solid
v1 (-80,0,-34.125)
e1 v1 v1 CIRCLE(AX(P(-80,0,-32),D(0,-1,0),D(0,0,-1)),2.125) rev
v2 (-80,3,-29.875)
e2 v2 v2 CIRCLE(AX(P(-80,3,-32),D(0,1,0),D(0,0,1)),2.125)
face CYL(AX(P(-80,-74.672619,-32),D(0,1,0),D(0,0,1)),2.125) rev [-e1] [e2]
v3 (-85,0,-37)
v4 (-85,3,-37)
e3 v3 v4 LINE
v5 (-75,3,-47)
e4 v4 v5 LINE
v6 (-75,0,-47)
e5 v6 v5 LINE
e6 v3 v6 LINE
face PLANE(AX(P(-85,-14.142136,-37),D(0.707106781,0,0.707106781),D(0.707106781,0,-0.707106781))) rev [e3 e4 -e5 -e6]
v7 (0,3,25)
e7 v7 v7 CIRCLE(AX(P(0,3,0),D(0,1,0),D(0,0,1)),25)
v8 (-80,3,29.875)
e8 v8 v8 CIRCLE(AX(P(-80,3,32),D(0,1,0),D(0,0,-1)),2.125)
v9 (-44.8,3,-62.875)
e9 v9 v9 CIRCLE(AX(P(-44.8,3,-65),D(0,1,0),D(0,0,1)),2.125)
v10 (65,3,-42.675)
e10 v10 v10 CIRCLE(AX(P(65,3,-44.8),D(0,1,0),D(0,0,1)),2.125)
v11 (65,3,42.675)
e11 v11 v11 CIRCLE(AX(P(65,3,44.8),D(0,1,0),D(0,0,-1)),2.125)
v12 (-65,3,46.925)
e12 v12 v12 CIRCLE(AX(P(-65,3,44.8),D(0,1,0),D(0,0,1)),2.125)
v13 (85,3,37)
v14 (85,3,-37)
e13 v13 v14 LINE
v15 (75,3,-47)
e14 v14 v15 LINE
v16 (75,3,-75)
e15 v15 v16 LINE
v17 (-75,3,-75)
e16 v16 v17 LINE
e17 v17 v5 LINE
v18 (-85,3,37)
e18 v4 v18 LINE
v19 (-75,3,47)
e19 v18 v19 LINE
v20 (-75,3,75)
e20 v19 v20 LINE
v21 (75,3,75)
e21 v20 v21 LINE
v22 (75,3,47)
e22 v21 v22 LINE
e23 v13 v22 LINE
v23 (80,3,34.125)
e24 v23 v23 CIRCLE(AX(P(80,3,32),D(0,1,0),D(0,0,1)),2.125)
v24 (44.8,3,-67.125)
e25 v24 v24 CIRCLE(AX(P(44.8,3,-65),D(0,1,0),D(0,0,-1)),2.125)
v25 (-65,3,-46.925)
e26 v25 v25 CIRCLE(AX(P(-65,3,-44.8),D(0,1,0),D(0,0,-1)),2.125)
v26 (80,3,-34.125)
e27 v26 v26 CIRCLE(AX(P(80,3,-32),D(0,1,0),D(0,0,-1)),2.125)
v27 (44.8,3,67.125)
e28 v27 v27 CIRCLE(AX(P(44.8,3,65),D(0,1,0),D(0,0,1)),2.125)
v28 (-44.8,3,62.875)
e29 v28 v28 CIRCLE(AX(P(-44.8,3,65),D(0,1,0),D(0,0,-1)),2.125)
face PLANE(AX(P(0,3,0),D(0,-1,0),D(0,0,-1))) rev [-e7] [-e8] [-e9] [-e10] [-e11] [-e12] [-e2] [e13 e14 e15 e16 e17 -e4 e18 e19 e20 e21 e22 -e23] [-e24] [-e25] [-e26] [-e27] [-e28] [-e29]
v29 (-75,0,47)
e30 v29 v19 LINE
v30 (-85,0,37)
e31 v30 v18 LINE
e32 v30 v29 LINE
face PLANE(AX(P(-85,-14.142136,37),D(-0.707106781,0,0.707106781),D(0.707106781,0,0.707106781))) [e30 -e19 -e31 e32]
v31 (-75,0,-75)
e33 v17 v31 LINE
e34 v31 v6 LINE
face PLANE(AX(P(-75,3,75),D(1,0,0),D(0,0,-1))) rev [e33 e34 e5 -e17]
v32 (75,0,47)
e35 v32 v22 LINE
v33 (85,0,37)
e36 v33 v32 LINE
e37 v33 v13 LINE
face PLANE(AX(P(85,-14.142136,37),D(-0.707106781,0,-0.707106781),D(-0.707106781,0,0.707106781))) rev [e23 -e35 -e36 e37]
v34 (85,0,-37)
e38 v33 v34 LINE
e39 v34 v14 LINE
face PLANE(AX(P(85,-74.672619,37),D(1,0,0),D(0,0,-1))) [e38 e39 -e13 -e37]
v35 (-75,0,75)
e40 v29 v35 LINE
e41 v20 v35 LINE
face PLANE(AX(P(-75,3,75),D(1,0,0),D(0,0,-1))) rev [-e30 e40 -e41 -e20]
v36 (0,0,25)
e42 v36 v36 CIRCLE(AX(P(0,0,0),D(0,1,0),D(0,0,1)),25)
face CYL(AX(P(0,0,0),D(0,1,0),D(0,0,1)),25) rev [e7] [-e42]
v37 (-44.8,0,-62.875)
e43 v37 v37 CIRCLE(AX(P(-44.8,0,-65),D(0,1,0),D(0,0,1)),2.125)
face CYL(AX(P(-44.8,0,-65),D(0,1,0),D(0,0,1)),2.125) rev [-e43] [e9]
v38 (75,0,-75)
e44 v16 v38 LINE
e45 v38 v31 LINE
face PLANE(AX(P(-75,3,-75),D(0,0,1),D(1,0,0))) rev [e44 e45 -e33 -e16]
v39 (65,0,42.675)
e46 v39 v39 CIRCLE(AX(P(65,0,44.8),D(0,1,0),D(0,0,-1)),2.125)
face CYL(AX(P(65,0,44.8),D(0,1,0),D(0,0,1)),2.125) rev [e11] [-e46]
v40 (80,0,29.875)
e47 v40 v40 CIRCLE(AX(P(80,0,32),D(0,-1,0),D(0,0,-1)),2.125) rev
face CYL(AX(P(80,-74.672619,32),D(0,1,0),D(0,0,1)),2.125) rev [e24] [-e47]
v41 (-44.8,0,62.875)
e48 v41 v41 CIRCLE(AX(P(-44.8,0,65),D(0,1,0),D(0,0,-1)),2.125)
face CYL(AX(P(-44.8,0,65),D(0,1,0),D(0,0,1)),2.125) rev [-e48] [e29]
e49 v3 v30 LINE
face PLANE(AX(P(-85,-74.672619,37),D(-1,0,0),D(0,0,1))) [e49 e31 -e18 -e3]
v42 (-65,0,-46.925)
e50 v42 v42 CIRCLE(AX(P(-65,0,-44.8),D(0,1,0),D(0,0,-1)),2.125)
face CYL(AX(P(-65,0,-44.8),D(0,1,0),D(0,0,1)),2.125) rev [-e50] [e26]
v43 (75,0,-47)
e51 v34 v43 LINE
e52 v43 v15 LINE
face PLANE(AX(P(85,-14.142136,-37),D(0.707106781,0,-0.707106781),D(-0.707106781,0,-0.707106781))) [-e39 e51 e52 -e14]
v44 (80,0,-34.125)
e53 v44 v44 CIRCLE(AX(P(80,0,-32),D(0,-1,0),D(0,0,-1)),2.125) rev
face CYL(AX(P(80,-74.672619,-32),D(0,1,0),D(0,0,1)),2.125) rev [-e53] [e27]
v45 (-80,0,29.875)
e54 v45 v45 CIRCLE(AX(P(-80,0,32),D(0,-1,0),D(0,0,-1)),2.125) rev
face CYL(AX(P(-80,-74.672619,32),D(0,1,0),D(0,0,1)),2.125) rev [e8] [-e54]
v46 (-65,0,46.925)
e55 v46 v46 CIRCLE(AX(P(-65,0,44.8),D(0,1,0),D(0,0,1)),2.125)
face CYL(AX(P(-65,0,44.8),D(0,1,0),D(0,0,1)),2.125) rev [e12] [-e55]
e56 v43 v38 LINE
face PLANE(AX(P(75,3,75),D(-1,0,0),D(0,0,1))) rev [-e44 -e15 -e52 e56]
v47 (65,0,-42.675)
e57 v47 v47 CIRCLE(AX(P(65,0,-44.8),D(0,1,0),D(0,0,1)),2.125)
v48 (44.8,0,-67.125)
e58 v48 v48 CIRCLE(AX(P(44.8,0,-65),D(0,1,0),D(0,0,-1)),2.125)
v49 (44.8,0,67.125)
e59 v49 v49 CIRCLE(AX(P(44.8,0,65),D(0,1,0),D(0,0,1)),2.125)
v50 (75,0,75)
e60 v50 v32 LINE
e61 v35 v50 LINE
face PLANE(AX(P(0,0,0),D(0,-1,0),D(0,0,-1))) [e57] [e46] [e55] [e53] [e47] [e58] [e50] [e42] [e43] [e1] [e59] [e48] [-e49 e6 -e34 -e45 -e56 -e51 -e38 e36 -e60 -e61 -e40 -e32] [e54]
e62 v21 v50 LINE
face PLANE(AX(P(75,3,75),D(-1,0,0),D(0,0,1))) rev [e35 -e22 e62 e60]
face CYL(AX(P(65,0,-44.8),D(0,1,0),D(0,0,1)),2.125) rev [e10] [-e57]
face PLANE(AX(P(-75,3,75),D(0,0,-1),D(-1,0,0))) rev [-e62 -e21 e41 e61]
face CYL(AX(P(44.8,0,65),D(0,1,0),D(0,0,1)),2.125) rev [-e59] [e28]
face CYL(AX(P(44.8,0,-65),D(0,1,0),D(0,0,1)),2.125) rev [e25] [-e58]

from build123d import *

# Parameters (mm, degrees)
SKETCH1_W           = 150
SKETCH1_H           = 150
BOSS_EXTRUDE1_DEPTH = 3
SKETCH2_R           = 2.125
SKETCH2_R_2         = 25
CUT_EXTRUDE3_DEPTH  = 107.108435103
SKETCH3_W           = 10
SKETCH3_H           = 74
SKETCH3_R           = 2.125
BOSS_EXTRUDE2_DEPTH = 3
BOSS_EXTRUDE3_DEPTH = 3


with BuildPart() as part:
    # Sketch1 → Boss-Extrude1 (new body)
    with BuildSketch(Plane(origin=(0, 0, 0), x_dir=(1, 0, 0), z_dir=(0, 1, 0))):
        Rectangle(SKETCH1_W, SKETCH1_H)
    extrude(amount=BOSS_EXTRUDE1_DEPTH)

    # Sketch2 → Cut-Extrude3 (cut, through all)
    with BuildSketch(Plane(origin=(0, 3, 0), x_dir=(1, 0, 0), z_dir=(0, 1, 0))):
        with Locations(Location((-65, -44.8, 0), (0, 0, 270))):
            Circle(SKETCH2_R)
        with Locations(Location((-65, 44.8, 0), (0, 0, 90))):
            Circle(SKETCH2_R)
        with Locations(Location((-44.8, 65, 0), (0, 0, 270))):
            Circle(SKETCH2_R)
        with Locations(Location((44.8, 65, 0), (0, 0, 90))):
            Circle(SKETCH2_R)
        with Locations(Location((65, 44.8, 0), (0, 0, 270))):
            Circle(SKETCH2_R)
        with Locations(Location((65, -44.8, 0), (0, 0, 90))):
            Circle(SKETCH2_R)
        with Locations(Location((44.8, -65, 0), (0, 0, 270))):
            Circle(SKETCH2_R)
        with Locations(Location((-44.8, -65, 0), (0, 0, 90))):
            Circle(SKETCH2_R)
        with Locations(Location((0, 0, 0), (0, 0, 270))):
            Circle(SKETCH2_R_2)
    extrude(amount=-CUT_EXTRUDE3_DEPTH, mode=Mode.SUBTRACT)

    # Sketch3 → Boss-Extrude2 (add)
    # profile 1 of 2: a face of its own
    with BuildSketch(Plane(origin=(0, 3, 0), x_dir=(1, 0, 0), z_dir=(0, 1, 0))):
        with Locations((-80, 0)):
            Rectangle(SKETCH3_W, SKETCH3_H)
        with Locations(Location((-80, 32, 0), (0, 0, 270))):
            Circle(SKETCH3_R, mode=Mode.SUBTRACT)
        with Locations(Location((-80, -32, 0), (0, 0, 90))):
            Circle(SKETCH3_R, mode=Mode.SUBTRACT)
    # profile 2 of 2: a face of its own
    with BuildSketch(Plane(origin=(0, 3, 0), x_dir=(1, 0, 0), z_dir=(0, 1, 0))):
        with Locations((80, 0)):
            Rectangle(SKETCH3_W, SKETCH3_H)
        with Locations(Location((80, -32, 0), (0, 0, 270))):
            Circle(SKETCH3_R, mode=Mode.SUBTRACT)
        with Locations(Location((80, 32, 0), (0, 0, 90))):
            Circle(SKETCH3_R, mode=Mode.SUBTRACT)
    extrude(amount=-BOSS_EXTRUDE2_DEPTH)

    # Sketch4 → Boss-Extrude3 (add)
    with BuildSketch(Plane(origin=(0, 3, 0), x_dir=(1, 0, 0), z_dir=(0, 1, 0))):
        Polygon((-85, 37), (-75, 47), (-75, 37), align=None)
        Polygon((75, 47), (75, 37), (85, 37), align=None)
        Polygon((85, -37), (75, -47), (75, -37), align=None)
        Polygon((-75, -47), (-75, -37), (-85, -37), align=None)
    extrude(amount=-BOSS_EXTRUDE3_DEPTH)


solid = part.part
